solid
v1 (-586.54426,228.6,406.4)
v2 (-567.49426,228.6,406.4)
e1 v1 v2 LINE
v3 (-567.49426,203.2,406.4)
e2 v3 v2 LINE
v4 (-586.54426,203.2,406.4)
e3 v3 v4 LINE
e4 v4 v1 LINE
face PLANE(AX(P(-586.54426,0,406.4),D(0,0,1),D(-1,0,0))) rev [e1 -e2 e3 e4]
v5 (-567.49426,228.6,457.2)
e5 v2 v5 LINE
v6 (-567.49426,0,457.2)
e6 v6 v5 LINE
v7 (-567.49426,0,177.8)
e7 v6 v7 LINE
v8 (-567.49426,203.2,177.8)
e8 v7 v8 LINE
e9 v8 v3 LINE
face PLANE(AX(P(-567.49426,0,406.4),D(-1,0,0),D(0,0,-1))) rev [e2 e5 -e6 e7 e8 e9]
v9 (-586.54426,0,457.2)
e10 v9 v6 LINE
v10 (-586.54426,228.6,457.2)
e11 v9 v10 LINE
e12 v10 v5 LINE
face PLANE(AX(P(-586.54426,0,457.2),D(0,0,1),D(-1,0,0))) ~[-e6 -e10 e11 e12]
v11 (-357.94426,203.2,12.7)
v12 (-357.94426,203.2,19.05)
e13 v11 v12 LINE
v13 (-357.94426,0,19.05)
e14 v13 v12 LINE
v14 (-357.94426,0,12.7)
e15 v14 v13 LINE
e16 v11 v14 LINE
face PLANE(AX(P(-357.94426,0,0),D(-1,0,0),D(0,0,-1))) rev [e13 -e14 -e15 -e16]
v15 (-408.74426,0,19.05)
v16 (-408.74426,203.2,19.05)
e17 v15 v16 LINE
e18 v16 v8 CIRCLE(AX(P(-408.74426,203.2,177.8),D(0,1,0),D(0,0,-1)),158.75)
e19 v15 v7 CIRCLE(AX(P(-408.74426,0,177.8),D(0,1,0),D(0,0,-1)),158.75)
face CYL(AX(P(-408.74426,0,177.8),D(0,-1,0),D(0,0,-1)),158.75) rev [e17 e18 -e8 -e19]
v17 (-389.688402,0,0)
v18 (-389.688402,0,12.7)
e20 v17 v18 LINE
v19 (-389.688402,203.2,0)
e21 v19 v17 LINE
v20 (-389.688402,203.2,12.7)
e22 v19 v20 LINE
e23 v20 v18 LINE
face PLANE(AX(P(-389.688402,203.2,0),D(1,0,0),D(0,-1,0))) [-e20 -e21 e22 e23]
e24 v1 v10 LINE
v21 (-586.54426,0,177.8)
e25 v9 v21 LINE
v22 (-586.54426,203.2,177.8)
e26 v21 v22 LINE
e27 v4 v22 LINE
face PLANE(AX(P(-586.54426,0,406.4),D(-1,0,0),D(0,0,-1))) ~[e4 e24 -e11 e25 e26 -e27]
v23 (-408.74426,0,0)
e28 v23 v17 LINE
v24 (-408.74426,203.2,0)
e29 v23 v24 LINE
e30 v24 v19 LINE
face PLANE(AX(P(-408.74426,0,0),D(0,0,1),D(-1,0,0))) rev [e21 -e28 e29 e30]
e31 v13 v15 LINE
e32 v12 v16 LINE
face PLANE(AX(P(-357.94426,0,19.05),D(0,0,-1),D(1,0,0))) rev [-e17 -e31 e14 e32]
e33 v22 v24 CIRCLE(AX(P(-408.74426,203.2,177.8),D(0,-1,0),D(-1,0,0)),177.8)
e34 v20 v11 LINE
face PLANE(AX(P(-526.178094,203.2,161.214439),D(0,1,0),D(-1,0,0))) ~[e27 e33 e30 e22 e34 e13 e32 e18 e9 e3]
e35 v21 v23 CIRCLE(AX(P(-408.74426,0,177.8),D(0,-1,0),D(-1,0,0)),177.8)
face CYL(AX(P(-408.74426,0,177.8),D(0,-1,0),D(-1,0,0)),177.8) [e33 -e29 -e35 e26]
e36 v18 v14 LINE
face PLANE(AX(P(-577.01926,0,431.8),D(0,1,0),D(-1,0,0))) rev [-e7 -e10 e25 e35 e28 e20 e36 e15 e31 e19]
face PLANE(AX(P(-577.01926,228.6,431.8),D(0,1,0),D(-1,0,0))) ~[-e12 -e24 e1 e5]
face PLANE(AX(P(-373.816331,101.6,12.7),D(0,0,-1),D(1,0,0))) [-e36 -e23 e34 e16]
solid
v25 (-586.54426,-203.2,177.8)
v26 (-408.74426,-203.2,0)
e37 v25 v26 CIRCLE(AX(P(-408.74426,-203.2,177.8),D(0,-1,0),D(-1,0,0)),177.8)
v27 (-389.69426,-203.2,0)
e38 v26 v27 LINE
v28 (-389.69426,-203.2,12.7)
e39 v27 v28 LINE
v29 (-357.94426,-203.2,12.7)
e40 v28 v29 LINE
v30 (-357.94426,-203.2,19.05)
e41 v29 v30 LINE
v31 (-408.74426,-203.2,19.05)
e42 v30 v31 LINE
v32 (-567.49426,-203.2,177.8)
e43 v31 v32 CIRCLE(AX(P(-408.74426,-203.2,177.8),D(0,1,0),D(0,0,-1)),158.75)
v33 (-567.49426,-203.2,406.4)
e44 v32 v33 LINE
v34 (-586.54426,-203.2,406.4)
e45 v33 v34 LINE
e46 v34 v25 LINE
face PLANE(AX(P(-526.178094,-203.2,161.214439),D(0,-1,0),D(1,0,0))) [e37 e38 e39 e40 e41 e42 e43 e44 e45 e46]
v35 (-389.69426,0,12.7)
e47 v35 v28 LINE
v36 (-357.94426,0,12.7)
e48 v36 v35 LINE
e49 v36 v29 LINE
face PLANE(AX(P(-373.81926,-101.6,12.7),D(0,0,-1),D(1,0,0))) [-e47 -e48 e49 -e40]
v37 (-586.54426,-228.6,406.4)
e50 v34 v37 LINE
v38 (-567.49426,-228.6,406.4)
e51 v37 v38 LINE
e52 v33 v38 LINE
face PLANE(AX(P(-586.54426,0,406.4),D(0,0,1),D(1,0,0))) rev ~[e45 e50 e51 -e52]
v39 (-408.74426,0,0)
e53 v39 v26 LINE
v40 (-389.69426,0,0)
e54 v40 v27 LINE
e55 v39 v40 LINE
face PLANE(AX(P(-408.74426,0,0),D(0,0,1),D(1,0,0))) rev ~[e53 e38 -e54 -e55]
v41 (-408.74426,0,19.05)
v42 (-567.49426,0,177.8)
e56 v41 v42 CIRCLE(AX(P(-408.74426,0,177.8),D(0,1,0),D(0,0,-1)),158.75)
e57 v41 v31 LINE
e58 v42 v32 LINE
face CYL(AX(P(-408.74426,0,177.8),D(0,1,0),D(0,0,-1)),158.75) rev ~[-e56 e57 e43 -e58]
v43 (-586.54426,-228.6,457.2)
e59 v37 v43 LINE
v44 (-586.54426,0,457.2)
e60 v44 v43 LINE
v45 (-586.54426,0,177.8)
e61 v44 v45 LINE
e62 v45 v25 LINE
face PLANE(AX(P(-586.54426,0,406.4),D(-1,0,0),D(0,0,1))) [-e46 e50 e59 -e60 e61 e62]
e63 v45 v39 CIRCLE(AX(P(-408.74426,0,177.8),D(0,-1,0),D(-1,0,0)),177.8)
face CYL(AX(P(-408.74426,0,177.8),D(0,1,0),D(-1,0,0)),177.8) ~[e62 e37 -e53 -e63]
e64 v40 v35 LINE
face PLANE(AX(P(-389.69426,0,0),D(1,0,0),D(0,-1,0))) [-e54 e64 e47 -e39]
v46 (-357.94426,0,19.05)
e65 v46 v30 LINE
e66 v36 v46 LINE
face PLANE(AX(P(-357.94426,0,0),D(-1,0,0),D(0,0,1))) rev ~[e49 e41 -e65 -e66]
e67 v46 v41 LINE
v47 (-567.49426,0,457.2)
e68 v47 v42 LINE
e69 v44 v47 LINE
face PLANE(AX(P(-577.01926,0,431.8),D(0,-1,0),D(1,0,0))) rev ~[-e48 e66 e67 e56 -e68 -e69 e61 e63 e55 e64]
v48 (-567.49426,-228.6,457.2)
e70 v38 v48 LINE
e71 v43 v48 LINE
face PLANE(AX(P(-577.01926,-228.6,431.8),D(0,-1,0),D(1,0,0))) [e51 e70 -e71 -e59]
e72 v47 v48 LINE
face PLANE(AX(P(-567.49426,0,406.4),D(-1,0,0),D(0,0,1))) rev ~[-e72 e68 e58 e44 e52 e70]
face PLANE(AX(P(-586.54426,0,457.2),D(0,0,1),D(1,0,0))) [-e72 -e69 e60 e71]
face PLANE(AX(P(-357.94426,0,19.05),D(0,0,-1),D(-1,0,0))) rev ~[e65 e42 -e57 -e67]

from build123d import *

# Parameters (mm, degrees)
F1_DEPTH = 203.2
F0_W     = 19.05
F0_H     = 50.8
F2_DEPTH = 228.6
F4_W     = 31.7441420532
F4_H     = 203.2
F5_DEPTH = 12.7
F6_W     = 31.75
F6_H     = 203.2
F7_DEPTH = 12.7


with BuildPart() as f1:
    # F0 (on Front) → F1 (new body)
    with BuildSketch(Plane.XZ):
        with BuildLine():
            Line((-567.4942603611, 406.4), (-586.5442603611, 406.4))
            Line((-586.5442603611, 406.4), (-586.5442603611, 177.8))
            ThreePointArc((-586.5442603611, 177.8), (-534.4678460561, 52.076414305), (-408.7442603611, 0))
            Line((-408.7442603611, 0), (-357.9442603611, 0))
            Line((-357.9442603611, 0), (-357.9442603611, 19.05))
            Line((-357.9442603611, 19.05), (-408.7442603611, 19.05))
            ThreePointArc((-408.7442603611, 19.05), (-520.9974618745, 65.5467984866), (-567.4942603611, 177.8))
            Line((-567.4942603611, 177.8), (-567.4942603611, 406.4))
        make_face()
    extrude(amount=F1_DEPTH)

    # F0 (on Front) → F2 (join)
    with BuildSketch(Plane.XZ):
        with Locations((-577.0192603611, 431.8)):
            Rectangle(F0_W, F0_H)
    extrude(amount=F2_DEPTH)


with BuildPart() as f3_1:
    # F3: instance of F1
    add(f1.part.mirror(Plane.XZ))

    # F4 (on face) → F5 (cut)
    with BuildSketch(Plane(origin=(0, 0, 0), x_dir=(1, 0, 0), z_dir=(0, 0, -1))):
        with Locations((-373.8163313877, -101.6)):
            Rectangle(F4_W, F4_H)
    extrude(amount=-F5_DEPTH, mode=Mode.SUBTRACT)


with BuildPart() as f1_1:
    add(f1.part)

    # F4 (on face) + F6 (on face) → F7 (cut)
    with BuildSketch(Plane(origin=(0, 0, 0), x_dir=(1, 0, 0), z_dir=(0, 0, -1))):
        with Locations((-373.8163313877, -101.6)):
            Rectangle(F4_W, F4_H)
    with BuildSketch(Plane(origin=(0, 0, 0), x_dir=(1, 0, 0), z_dir=(0, 0, -1))):
        with Locations((-373.8192603611, 101.6)):
            Rectangle(F6_W, F6_H)
    extrude(amount=-F7_DEPTH, mode=Mode.SUBTRACT)


solid = Compound([f3_1.part, f1_1.part])
